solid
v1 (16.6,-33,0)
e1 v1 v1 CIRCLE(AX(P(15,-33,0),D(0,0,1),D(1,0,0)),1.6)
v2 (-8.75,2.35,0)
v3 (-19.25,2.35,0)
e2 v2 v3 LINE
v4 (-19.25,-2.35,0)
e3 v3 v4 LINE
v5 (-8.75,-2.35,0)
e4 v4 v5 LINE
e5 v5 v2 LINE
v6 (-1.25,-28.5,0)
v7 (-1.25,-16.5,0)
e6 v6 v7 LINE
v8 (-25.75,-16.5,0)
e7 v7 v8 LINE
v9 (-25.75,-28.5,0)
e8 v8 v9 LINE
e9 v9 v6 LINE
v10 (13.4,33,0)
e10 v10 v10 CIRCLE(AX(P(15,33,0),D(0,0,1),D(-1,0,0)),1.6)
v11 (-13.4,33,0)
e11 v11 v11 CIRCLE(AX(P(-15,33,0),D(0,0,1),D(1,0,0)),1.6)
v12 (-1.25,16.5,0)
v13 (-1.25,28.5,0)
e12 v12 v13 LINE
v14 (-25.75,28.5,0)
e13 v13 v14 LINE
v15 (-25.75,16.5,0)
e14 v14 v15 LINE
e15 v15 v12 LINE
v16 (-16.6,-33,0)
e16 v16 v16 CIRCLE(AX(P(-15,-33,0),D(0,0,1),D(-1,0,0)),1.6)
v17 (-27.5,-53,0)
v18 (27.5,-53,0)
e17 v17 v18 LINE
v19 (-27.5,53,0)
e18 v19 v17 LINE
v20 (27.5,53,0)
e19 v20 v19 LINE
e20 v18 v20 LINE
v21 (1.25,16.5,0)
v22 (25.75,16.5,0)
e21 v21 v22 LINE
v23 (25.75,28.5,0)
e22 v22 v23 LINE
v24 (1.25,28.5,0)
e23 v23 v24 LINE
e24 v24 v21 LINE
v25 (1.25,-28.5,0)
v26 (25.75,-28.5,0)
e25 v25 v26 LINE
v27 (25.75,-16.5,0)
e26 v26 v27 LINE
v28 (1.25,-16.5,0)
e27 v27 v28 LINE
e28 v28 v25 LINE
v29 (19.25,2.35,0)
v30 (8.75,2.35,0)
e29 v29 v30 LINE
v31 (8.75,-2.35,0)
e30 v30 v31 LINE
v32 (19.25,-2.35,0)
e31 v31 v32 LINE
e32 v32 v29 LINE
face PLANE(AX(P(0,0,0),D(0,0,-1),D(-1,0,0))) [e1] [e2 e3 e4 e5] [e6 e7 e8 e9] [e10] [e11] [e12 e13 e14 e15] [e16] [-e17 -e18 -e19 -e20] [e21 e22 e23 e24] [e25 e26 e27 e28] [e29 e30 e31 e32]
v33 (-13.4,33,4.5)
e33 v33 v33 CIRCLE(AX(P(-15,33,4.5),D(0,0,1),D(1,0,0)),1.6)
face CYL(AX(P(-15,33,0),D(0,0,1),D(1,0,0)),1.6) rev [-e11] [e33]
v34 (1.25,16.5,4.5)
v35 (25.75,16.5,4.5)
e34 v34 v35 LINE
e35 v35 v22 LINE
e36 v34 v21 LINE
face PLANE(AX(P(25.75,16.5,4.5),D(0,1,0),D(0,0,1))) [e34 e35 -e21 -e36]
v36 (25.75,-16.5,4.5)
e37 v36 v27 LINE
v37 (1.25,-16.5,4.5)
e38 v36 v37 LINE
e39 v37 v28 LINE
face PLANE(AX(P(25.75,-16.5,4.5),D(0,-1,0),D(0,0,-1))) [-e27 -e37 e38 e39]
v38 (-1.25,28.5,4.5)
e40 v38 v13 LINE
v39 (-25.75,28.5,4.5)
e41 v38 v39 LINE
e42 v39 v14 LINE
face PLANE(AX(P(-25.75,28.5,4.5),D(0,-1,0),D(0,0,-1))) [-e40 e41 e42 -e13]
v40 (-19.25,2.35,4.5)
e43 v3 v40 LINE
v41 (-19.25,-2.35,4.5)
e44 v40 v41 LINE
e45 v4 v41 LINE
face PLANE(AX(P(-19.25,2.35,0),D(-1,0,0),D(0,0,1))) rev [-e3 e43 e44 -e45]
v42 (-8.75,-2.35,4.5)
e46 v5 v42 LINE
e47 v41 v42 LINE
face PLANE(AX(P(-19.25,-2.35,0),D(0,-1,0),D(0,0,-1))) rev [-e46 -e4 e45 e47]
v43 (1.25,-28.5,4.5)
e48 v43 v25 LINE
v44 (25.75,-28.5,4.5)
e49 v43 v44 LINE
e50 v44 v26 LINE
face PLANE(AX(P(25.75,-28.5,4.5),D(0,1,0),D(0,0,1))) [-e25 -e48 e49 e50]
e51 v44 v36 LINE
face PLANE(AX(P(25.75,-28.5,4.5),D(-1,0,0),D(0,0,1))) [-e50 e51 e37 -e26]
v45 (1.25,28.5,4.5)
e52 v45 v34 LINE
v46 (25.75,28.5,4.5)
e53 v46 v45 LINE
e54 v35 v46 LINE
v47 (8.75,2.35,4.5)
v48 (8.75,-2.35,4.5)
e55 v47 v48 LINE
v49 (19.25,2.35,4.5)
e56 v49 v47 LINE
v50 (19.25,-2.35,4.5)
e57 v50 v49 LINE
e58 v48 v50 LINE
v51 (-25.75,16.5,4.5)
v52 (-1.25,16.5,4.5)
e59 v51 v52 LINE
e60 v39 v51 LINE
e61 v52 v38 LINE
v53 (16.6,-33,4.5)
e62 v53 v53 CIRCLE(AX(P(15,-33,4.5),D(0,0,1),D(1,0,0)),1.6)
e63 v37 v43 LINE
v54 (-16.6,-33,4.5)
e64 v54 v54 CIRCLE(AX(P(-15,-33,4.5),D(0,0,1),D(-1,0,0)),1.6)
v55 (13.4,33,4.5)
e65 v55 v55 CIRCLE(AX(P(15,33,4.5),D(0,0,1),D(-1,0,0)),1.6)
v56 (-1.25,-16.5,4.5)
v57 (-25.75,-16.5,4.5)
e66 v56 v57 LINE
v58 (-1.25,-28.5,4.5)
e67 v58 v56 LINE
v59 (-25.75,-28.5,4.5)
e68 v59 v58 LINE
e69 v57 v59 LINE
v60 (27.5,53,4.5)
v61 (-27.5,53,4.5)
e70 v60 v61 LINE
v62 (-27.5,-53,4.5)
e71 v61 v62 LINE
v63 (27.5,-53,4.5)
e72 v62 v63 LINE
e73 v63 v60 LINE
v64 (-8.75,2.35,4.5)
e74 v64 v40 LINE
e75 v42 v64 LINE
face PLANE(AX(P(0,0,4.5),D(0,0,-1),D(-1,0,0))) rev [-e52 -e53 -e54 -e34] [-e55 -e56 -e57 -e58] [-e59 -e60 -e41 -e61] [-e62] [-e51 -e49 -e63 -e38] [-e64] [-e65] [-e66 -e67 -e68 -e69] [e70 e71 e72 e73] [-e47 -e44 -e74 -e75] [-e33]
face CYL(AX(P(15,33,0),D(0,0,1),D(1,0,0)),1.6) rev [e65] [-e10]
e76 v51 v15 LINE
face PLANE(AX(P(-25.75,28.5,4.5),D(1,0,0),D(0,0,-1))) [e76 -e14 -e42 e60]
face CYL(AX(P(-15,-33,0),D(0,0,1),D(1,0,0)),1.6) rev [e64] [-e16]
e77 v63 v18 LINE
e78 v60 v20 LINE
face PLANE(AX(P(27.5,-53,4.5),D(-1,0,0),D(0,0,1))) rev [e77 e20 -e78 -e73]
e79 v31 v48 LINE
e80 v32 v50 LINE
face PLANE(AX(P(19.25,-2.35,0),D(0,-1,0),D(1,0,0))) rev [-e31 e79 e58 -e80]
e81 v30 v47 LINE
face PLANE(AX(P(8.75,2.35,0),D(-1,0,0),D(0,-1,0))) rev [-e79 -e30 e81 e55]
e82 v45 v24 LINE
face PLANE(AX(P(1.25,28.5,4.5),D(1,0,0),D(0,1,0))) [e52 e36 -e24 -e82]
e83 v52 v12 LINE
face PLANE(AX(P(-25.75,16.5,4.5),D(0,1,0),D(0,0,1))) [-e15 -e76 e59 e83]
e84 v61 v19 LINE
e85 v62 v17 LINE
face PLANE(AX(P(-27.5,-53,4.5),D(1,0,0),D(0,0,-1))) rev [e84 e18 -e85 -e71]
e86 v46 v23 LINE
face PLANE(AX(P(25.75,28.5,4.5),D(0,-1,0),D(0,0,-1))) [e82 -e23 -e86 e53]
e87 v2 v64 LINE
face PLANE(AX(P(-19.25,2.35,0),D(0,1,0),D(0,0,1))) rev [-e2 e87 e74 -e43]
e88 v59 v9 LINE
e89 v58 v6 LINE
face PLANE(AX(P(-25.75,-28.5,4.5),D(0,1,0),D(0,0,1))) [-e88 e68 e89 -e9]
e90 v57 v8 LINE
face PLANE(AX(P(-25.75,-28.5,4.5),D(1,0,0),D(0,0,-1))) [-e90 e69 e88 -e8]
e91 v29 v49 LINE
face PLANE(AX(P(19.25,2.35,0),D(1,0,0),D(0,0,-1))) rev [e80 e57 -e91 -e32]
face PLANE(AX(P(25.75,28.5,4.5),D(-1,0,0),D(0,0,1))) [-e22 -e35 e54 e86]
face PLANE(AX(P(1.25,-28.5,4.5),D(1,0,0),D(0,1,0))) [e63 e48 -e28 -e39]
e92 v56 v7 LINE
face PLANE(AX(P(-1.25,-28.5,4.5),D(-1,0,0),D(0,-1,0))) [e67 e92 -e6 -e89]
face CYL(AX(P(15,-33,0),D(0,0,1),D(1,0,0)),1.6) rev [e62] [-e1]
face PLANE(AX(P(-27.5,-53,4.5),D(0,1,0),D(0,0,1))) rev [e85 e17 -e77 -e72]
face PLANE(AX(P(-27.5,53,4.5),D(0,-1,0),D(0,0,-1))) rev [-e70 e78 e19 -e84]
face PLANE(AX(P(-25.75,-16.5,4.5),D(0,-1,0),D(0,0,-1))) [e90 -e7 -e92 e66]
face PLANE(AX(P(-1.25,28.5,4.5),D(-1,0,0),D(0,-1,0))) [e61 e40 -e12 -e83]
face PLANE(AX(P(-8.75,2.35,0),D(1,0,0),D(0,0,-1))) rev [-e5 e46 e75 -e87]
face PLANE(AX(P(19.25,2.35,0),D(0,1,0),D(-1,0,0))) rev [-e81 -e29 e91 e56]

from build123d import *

# Parameters (mm, degrees)
SKETCH1_W           = 55
SKETCH1_H           = 106
SKETCH1_W_2         = 24.5
SKETCH1_H_2         = 12
BOSS_EXTRUDE1_DEPTH = 4.5
SKETCH2_R           = 1.6
CUT_EXTRUDE1_DEPTH  = 60.879044749
SKETCH3_W           = 10.5
SKETCH3_H           = 4.7
CUT_EXTRUDE2_DEPTH  = 60.879044749


with BuildPart() as part:
    # Sketch1 → Boss-Extrude1 (new body)
    with BuildSketch(Plane.XY):
        Rectangle(SKETCH1_W, SKETCH1_H)
        with Locations((-13.5, 22.5)):
            Rectangle(SKETCH1_W_2, SKETCH1_H_2, mode=Mode.SUBTRACT)
        with Locations((13.5, 22.5)):
            Rectangle(SKETCH1_W_2, SKETCH1_H_2, mode=Mode.SUBTRACT)
        with Locations((13.5, -22.5)):
            Rectangle(SKETCH1_W_2, SKETCH1_H_2, mode=Mode.SUBTRACT)
        with Locations((-13.5, -22.5)):
            Rectangle(SKETCH1_W_2, SKETCH1_H_2, mode=Mode.SUBTRACT)
    extrude(amount=BOSS_EXTRUDE1_DEPTH)

    # Sketch2 → Cut-Extrude1 (cut, through all)
    with BuildSketch(Plane.XY.offset(4.5)):
        with Locations((-15, 33)):
            Circle(SKETCH2_R)
        with Locations(Location((15, 33, 0), (0, 0, 180))):
            Circle(SKETCH2_R)
        with Locations((15, -33)):
            Circle(SKETCH2_R)
        with Locations(Location((-15, -33, 0), (0, 0, 180))):
            Circle(SKETCH2_R)
    extrude(amount=-CUT_EXTRUDE1_DEPTH, mode=Mode.SUBTRACT)

    # Sketch3 → Cut-Extrude2 (cut, through all)
    with BuildSketch(Plane.XY.offset(4.5)):
        with Locations((-14, 0)):
            Rectangle(SKETCH3_W, SKETCH3_H)
        with Locations((14, 0)):
            Rectangle(SKETCH3_W, SKETCH3_H)
    extrude(amount=-CUT_EXTRUDE2_DEPTH, mode=Mode.SUBTRACT)


solid = part.part
